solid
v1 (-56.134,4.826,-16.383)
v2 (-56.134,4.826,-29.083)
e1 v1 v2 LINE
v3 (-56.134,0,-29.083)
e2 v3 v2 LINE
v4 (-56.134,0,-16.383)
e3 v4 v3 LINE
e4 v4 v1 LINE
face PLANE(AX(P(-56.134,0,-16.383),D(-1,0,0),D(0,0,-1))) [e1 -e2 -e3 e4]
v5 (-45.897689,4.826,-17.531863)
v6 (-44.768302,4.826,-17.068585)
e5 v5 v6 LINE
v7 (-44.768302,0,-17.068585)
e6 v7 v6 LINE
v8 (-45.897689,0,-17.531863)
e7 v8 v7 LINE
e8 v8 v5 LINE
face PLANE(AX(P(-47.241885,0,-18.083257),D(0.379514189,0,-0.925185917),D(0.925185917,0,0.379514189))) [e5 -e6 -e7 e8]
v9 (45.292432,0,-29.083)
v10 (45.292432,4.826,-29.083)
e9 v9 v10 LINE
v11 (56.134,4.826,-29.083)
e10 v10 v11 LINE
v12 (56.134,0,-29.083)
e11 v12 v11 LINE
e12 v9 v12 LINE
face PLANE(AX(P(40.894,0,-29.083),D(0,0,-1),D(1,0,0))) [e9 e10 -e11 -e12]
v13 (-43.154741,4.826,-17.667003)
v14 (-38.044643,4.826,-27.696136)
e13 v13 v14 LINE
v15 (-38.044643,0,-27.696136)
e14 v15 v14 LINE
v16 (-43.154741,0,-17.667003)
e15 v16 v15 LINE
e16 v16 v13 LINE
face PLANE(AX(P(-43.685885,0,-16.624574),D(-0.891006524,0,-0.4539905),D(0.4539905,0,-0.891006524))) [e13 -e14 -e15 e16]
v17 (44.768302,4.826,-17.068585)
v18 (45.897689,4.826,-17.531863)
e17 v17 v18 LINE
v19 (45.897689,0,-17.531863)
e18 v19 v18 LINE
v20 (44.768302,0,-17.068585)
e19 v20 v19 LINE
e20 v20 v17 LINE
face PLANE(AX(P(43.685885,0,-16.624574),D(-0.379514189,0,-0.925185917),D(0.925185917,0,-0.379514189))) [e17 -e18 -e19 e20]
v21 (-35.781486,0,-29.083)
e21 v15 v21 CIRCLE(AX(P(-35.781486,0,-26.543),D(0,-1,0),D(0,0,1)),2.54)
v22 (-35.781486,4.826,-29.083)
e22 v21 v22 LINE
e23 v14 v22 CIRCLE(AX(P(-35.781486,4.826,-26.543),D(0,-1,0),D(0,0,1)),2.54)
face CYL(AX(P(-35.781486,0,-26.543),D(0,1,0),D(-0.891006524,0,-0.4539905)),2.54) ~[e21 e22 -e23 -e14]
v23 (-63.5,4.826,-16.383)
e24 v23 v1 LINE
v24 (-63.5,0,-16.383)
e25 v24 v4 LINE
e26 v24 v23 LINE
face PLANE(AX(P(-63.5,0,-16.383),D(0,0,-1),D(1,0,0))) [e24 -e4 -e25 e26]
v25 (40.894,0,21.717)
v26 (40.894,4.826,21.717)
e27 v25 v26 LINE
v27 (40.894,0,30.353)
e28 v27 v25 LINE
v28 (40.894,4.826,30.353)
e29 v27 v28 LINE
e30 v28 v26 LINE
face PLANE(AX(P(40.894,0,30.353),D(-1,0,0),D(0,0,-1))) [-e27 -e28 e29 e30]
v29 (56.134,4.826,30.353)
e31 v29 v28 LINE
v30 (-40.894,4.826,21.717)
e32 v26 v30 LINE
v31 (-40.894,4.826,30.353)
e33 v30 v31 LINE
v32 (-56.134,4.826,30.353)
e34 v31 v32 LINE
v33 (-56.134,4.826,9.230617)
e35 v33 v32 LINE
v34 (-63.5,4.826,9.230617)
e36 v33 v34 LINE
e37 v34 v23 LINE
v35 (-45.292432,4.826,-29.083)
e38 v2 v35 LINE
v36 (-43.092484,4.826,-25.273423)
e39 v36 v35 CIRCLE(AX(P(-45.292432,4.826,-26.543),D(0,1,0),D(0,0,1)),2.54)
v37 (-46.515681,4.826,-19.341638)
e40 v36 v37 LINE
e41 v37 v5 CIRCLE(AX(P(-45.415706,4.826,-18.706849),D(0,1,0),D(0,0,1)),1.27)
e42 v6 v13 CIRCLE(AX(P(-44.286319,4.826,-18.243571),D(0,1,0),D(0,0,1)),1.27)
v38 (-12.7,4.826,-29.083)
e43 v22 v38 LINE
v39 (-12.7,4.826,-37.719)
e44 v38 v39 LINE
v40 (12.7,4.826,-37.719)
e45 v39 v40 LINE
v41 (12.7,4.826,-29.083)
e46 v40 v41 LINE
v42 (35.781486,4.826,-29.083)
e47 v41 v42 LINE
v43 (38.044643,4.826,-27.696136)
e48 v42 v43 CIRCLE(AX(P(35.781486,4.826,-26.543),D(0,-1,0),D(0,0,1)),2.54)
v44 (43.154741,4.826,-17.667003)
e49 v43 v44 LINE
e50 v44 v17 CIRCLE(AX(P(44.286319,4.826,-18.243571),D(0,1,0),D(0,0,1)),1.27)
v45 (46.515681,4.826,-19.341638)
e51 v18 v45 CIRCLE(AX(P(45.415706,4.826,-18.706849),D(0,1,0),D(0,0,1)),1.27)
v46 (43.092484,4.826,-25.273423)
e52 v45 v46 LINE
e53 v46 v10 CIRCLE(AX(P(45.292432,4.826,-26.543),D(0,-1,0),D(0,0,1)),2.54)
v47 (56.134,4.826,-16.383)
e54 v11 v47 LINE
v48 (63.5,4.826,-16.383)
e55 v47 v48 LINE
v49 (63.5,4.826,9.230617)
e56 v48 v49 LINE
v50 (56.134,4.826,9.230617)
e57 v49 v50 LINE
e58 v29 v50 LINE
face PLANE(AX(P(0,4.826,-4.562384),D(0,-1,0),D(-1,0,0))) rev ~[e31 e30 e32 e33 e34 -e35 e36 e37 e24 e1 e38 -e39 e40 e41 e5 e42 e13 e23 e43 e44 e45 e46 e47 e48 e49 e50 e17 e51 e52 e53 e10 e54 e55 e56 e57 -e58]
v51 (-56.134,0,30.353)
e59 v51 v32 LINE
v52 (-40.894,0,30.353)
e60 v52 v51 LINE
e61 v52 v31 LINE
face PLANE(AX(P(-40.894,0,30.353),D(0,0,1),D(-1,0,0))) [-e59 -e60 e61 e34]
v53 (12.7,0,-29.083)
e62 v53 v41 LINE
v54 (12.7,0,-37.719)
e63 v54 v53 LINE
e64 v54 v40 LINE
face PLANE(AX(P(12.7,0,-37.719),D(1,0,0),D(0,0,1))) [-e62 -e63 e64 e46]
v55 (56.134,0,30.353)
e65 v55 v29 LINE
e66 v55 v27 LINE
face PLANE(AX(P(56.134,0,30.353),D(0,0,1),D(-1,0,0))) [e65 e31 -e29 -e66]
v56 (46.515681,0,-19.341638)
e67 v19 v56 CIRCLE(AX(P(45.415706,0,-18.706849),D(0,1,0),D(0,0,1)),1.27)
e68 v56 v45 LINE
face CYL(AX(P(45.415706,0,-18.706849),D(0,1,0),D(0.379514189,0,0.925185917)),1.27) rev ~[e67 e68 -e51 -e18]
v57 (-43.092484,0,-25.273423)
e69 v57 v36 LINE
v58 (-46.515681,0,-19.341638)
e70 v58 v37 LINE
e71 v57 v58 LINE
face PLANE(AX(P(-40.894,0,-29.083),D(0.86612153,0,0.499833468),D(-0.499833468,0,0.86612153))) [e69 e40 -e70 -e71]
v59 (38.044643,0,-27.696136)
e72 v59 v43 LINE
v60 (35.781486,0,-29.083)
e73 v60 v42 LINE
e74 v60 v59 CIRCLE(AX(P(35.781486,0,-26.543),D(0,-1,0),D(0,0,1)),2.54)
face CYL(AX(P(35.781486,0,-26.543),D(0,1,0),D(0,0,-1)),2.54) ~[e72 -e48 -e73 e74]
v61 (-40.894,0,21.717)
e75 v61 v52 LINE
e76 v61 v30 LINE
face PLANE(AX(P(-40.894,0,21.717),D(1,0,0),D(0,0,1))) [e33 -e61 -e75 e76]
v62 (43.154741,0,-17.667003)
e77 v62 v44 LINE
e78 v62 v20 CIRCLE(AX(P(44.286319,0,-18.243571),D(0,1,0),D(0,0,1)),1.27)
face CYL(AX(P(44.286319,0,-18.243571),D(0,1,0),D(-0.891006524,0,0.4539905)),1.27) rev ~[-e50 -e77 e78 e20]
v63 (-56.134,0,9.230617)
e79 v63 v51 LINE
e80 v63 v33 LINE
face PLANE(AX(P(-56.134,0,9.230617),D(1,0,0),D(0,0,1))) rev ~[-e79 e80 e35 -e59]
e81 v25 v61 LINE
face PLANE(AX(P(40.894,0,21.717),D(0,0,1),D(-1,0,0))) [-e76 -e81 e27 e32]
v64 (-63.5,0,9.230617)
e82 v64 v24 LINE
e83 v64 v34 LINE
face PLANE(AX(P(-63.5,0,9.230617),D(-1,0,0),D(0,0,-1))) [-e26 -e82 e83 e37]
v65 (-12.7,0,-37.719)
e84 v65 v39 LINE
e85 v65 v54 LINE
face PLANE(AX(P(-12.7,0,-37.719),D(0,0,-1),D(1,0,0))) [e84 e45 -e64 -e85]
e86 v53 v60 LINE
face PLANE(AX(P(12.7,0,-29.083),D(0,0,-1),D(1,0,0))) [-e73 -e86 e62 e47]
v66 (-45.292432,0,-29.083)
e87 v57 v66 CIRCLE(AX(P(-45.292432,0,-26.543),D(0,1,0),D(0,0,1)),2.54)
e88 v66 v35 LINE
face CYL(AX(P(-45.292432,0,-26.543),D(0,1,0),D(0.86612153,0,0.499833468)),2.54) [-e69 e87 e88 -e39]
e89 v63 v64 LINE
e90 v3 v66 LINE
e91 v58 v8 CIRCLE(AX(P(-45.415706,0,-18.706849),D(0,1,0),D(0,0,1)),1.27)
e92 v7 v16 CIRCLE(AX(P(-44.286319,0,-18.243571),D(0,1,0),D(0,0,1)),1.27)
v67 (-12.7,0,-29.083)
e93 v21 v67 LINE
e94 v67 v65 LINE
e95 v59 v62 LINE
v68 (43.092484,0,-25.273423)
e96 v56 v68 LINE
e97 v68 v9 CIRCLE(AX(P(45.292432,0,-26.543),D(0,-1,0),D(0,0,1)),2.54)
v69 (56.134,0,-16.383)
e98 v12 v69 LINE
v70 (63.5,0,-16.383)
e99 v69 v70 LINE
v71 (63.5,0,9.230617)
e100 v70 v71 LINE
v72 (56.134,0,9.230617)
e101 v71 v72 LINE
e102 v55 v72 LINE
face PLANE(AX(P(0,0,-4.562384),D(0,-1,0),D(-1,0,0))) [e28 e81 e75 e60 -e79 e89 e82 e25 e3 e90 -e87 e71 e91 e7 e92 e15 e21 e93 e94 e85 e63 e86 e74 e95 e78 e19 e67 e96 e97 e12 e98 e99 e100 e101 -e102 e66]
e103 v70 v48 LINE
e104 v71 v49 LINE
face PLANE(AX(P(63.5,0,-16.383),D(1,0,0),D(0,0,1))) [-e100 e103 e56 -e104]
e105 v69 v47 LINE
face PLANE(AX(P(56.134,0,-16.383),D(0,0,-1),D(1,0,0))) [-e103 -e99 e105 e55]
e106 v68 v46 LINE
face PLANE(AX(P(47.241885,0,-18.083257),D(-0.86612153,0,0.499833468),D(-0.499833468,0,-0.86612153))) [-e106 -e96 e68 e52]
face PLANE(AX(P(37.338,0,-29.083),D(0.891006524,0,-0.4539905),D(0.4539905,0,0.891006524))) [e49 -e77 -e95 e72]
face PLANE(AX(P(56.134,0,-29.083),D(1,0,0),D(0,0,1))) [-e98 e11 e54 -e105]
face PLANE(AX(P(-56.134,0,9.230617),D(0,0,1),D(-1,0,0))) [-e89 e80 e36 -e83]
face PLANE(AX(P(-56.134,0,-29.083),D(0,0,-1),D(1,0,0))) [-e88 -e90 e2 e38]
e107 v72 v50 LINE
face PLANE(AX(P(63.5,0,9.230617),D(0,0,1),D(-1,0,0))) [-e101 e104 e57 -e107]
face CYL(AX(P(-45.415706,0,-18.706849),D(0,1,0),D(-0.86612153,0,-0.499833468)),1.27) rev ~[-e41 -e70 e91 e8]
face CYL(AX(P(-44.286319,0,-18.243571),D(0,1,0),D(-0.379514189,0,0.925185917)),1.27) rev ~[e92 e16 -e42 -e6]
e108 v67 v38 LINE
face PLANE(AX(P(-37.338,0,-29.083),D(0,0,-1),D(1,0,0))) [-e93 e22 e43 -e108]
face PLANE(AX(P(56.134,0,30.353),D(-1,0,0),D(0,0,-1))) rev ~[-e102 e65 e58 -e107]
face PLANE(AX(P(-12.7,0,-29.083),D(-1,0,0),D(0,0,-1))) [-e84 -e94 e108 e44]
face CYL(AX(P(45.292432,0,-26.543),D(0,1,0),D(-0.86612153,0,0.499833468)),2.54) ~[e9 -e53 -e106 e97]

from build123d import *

# Parameters (mm, degrees)
BOSS_EXTRUDE1_DEPTH = 4.826
FILLET1_R           = 1.27
FILLET2_R           = 2.54


with BuildPart() as part:
    # Sketch1 → Boss-Extrude1 (new body)
    with BuildSketch(Plane(origin=(0, 0, 0), x_dir=(1, 0, 0), z_dir=(0, 1, 0))):
        Polygon((-56.134, 29.083), (-40.894, 29.083), (-47.241885042, 18.083256572), (-43.685885042, 16.624574128), (-37.338, 29.083), (-12.7, 29.083), (-12.7, 37.719), (12.7, 37.719), (12.7, 29.083), (37.338, 29.083), (43.685885042, 16.624574128), (47.241885042, 18.083256572), (40.894, 29.083), (56.134, 29.083), (56.134, 16.383), (63.5, 16.383), (63.5, -9.230617291), (56.134, -9.230617291), (56.134, -29.083), (56.134, -30.353), (40.894, -30.353), (40.894, -21.717), (-40.894, -21.717), (-40.894, -30.353), (-56.134, -30.353), (-56.134, -29.083), (-56.134, -9.230617291), (-63.5, -9.230617291), (-63.5, 16.383), (-56.134, 16.383), align=None)
    extrude(amount=BOSS_EXTRUDE1_DEPTH)

    # Fillet1
    fillet1_edges = [part.edges().sort_by_distance(p)[0] for p in [
        (-47.241885042, 2.413, -18.083256572),
        (-43.685885042, 2.413, -16.624574128),
        (43.685885042, 2.413, -16.624574128),
        (47.241885042, 2.413, -18.083256572),
    ]]
    fillet(fillet1_edges, radius=FILLET1_R)

    # Fillet2
    fillet2_edges = [part.edges().sort_by_distance(p)[0] for p in [
        (-40.894, 2.413, -29.083),
        (-37.338, 2.413, -29.083),
        (37.338, 2.413, -29.083),
        (40.894, 2.413, -29.083),
    ]]
    fillet(fillet2_edges, radius=FILLET2_R)


solid = part.part
